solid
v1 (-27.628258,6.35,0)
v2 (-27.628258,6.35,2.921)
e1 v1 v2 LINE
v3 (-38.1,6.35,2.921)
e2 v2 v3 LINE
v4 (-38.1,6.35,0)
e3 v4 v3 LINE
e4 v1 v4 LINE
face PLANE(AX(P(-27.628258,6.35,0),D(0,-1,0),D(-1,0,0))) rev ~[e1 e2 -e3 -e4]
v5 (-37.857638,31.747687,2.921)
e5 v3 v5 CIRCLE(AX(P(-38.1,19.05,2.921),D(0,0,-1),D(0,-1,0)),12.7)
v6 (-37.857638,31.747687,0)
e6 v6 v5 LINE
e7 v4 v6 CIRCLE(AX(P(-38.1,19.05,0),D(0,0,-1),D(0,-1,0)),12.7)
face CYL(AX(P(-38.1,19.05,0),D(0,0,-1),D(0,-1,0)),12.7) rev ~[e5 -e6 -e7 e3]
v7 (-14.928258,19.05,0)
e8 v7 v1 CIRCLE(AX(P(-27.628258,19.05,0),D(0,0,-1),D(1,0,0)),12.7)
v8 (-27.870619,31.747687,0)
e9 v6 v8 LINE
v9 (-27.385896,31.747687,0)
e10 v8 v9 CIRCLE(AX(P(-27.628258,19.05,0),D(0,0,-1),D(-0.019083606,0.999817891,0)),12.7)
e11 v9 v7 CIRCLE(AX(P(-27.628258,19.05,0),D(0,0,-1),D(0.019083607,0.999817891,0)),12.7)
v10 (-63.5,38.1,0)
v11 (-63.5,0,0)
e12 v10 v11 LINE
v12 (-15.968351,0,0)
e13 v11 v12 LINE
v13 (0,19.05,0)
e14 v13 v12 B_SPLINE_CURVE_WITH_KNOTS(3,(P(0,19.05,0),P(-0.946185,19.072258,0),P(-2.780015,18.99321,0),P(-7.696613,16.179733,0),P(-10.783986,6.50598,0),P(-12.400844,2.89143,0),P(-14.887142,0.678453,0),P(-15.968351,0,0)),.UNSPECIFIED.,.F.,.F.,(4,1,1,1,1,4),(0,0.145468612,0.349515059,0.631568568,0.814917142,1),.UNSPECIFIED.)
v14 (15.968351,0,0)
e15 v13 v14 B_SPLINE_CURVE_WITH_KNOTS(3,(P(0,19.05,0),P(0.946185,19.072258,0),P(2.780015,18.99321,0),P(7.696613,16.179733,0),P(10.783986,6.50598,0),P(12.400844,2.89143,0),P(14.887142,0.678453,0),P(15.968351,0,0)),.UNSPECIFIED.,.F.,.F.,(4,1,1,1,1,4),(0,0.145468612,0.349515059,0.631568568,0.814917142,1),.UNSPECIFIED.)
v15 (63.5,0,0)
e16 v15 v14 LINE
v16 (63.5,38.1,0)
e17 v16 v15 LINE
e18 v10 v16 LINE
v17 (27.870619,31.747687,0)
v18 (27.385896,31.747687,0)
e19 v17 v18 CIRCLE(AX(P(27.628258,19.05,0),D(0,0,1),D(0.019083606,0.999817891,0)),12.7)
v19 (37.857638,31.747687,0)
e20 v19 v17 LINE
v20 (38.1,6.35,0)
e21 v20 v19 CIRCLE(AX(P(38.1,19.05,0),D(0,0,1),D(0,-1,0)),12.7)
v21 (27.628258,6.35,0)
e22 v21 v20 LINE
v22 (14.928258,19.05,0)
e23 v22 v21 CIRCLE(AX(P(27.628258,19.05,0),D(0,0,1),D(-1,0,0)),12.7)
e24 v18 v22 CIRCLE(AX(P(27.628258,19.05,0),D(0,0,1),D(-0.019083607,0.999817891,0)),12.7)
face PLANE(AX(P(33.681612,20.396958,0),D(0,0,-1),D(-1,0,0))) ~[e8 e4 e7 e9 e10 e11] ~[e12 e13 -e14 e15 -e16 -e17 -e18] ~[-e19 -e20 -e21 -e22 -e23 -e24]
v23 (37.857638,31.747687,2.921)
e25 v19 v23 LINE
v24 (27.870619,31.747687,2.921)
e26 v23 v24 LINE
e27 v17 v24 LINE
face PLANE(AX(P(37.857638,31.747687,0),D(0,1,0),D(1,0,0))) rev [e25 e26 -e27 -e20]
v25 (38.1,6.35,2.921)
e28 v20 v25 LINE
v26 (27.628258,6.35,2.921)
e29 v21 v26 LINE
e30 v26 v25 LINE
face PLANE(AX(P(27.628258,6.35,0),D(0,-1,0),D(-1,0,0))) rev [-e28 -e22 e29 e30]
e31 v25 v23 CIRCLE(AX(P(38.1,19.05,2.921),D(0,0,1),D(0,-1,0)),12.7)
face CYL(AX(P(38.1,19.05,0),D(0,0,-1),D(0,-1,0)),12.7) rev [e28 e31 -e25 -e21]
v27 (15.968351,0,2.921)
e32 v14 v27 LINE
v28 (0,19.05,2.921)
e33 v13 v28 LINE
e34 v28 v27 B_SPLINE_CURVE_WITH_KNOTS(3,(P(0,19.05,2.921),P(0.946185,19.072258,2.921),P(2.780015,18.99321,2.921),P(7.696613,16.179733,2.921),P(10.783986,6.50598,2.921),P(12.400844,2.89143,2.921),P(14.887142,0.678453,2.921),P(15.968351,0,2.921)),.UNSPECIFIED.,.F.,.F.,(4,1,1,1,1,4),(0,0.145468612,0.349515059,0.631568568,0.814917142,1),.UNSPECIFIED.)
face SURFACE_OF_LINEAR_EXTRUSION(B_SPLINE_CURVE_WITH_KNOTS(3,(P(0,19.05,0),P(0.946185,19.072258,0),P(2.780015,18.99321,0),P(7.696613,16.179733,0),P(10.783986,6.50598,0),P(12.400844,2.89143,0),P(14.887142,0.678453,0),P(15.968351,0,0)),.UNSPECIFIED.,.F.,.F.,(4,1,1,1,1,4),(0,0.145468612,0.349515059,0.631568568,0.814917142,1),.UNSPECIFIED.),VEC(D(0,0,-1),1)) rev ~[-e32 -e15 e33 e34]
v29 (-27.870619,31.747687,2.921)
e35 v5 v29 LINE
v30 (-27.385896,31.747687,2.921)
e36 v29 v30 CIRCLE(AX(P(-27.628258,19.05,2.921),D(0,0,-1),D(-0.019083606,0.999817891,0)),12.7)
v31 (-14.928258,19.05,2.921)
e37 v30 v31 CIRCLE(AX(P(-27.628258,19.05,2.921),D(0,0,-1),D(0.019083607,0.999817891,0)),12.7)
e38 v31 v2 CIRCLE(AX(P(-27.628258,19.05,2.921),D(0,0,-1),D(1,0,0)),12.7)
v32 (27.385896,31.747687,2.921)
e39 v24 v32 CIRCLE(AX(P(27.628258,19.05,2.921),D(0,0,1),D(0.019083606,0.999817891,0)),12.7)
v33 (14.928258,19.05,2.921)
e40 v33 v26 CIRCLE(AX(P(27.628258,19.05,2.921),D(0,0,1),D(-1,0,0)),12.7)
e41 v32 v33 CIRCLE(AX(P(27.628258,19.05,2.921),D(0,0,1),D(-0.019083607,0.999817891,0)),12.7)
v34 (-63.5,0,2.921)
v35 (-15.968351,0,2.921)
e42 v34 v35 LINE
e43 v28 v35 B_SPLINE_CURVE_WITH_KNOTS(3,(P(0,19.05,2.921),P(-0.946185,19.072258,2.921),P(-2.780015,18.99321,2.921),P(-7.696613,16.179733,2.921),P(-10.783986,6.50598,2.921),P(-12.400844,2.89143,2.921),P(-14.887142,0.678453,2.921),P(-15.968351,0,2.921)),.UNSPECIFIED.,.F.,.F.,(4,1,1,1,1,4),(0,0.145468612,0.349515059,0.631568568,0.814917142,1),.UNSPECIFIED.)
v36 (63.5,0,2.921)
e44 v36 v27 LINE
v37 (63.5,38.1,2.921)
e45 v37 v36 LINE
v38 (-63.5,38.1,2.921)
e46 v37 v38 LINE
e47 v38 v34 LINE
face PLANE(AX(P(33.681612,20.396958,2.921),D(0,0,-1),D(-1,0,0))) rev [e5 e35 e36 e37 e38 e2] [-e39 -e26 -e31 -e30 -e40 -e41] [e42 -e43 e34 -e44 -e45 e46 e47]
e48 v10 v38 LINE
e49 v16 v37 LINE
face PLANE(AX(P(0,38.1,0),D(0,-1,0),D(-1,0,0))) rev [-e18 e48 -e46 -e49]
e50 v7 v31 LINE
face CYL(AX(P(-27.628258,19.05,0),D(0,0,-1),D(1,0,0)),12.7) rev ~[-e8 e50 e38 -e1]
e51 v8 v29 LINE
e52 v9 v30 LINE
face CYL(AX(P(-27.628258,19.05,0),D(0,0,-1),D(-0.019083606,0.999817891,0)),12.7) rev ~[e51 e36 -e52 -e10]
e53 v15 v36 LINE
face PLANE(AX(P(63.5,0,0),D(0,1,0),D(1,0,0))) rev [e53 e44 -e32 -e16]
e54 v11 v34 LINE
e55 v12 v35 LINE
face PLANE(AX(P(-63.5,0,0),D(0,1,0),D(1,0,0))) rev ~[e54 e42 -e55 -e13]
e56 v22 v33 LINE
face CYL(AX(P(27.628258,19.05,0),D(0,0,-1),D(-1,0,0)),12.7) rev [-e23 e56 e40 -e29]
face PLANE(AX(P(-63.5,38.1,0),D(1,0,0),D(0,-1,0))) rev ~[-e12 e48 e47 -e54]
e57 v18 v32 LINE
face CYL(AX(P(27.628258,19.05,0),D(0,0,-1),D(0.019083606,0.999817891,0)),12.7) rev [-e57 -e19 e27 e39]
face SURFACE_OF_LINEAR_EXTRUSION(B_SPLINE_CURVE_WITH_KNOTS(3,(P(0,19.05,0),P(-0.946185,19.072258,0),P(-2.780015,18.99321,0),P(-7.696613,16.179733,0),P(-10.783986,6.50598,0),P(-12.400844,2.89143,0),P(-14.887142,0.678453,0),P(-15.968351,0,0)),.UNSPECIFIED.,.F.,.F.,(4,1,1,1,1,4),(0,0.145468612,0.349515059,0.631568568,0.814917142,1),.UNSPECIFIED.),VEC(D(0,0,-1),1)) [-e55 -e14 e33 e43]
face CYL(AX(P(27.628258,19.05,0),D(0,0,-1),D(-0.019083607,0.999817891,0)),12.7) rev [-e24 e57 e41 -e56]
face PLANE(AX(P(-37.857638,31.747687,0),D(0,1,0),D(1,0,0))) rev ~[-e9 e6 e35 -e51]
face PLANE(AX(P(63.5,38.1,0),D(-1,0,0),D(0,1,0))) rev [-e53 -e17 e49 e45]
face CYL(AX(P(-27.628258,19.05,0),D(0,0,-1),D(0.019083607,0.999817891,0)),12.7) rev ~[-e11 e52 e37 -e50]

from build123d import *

# Parameters (mm, degrees)
F1_DEPTH = 2.921


with BuildPart() as f1:
    # F0 (on Top) → F1 (new body)
    with BuildSketch(Plane.XY):
        with BuildLine():
            Line((-38.1, 0), (-15.9683506936, 0))
            add(Edge.make_bspline(
                [(0, 19.05), (-0.9461852183, 19.0722579681), (-2.7800145443, 18.9932101914), (-7.6966133499, 16.179732516), (-10.7839857432, 6.5059803736), (-12.4008436704, 2.8914298405), (-14.8871421587, 0.6784534159), (-15.9683506936, 0)],
                knots=[0, 0, 0, 0, 0.1454686116, 0.3495150586, 0.631568568, 0.8149171416, 1, 1, 1, 1], degree=3))
            Line((0, 19.05), (0, 38.1))
            Line((0, 38.1), (-63.5, 38.1))
            Line((-63.5, 38.1), (-63.5, 0))
            Line((-63.5, 0), (-38.1, 0))
        make_face()
        with BuildLine():
            Line((-27.6282575751, 6.35), (-38.1, 6.35))
            ThreePointArc((-38.1, 6.35), (-50.799421792, 19.1711864189), (-37.8576381969, 31.7476872208))
            Line((-37.8576381969, 31.7476872208), (-27.8706193782, 31.7476872208))
            ThreePointArc((-27.8706193782, 31.7476872208), (-27.6282575751, 31.75), (-27.385895772, 31.7476872208))
            ThreePointArc((-27.385895772, 31.7476872208), (-18.5627185702, 27.9441555277), (-14.9282575751, 19.05))
            ThreePointArc((-14.9282575751, 19.05), (-18.648001454, 10.0697438789), (-27.6282575751, 6.35))
        make_face(mode=Mode.SUBTRACT)
    extrude(amount=F1_DEPTH)

    # F2: F1 across plane


with BuildPart() as f1_1:
    add(f1.part)
    add(f1.part.mirror(Plane.YZ))


solid = f1_1.part
